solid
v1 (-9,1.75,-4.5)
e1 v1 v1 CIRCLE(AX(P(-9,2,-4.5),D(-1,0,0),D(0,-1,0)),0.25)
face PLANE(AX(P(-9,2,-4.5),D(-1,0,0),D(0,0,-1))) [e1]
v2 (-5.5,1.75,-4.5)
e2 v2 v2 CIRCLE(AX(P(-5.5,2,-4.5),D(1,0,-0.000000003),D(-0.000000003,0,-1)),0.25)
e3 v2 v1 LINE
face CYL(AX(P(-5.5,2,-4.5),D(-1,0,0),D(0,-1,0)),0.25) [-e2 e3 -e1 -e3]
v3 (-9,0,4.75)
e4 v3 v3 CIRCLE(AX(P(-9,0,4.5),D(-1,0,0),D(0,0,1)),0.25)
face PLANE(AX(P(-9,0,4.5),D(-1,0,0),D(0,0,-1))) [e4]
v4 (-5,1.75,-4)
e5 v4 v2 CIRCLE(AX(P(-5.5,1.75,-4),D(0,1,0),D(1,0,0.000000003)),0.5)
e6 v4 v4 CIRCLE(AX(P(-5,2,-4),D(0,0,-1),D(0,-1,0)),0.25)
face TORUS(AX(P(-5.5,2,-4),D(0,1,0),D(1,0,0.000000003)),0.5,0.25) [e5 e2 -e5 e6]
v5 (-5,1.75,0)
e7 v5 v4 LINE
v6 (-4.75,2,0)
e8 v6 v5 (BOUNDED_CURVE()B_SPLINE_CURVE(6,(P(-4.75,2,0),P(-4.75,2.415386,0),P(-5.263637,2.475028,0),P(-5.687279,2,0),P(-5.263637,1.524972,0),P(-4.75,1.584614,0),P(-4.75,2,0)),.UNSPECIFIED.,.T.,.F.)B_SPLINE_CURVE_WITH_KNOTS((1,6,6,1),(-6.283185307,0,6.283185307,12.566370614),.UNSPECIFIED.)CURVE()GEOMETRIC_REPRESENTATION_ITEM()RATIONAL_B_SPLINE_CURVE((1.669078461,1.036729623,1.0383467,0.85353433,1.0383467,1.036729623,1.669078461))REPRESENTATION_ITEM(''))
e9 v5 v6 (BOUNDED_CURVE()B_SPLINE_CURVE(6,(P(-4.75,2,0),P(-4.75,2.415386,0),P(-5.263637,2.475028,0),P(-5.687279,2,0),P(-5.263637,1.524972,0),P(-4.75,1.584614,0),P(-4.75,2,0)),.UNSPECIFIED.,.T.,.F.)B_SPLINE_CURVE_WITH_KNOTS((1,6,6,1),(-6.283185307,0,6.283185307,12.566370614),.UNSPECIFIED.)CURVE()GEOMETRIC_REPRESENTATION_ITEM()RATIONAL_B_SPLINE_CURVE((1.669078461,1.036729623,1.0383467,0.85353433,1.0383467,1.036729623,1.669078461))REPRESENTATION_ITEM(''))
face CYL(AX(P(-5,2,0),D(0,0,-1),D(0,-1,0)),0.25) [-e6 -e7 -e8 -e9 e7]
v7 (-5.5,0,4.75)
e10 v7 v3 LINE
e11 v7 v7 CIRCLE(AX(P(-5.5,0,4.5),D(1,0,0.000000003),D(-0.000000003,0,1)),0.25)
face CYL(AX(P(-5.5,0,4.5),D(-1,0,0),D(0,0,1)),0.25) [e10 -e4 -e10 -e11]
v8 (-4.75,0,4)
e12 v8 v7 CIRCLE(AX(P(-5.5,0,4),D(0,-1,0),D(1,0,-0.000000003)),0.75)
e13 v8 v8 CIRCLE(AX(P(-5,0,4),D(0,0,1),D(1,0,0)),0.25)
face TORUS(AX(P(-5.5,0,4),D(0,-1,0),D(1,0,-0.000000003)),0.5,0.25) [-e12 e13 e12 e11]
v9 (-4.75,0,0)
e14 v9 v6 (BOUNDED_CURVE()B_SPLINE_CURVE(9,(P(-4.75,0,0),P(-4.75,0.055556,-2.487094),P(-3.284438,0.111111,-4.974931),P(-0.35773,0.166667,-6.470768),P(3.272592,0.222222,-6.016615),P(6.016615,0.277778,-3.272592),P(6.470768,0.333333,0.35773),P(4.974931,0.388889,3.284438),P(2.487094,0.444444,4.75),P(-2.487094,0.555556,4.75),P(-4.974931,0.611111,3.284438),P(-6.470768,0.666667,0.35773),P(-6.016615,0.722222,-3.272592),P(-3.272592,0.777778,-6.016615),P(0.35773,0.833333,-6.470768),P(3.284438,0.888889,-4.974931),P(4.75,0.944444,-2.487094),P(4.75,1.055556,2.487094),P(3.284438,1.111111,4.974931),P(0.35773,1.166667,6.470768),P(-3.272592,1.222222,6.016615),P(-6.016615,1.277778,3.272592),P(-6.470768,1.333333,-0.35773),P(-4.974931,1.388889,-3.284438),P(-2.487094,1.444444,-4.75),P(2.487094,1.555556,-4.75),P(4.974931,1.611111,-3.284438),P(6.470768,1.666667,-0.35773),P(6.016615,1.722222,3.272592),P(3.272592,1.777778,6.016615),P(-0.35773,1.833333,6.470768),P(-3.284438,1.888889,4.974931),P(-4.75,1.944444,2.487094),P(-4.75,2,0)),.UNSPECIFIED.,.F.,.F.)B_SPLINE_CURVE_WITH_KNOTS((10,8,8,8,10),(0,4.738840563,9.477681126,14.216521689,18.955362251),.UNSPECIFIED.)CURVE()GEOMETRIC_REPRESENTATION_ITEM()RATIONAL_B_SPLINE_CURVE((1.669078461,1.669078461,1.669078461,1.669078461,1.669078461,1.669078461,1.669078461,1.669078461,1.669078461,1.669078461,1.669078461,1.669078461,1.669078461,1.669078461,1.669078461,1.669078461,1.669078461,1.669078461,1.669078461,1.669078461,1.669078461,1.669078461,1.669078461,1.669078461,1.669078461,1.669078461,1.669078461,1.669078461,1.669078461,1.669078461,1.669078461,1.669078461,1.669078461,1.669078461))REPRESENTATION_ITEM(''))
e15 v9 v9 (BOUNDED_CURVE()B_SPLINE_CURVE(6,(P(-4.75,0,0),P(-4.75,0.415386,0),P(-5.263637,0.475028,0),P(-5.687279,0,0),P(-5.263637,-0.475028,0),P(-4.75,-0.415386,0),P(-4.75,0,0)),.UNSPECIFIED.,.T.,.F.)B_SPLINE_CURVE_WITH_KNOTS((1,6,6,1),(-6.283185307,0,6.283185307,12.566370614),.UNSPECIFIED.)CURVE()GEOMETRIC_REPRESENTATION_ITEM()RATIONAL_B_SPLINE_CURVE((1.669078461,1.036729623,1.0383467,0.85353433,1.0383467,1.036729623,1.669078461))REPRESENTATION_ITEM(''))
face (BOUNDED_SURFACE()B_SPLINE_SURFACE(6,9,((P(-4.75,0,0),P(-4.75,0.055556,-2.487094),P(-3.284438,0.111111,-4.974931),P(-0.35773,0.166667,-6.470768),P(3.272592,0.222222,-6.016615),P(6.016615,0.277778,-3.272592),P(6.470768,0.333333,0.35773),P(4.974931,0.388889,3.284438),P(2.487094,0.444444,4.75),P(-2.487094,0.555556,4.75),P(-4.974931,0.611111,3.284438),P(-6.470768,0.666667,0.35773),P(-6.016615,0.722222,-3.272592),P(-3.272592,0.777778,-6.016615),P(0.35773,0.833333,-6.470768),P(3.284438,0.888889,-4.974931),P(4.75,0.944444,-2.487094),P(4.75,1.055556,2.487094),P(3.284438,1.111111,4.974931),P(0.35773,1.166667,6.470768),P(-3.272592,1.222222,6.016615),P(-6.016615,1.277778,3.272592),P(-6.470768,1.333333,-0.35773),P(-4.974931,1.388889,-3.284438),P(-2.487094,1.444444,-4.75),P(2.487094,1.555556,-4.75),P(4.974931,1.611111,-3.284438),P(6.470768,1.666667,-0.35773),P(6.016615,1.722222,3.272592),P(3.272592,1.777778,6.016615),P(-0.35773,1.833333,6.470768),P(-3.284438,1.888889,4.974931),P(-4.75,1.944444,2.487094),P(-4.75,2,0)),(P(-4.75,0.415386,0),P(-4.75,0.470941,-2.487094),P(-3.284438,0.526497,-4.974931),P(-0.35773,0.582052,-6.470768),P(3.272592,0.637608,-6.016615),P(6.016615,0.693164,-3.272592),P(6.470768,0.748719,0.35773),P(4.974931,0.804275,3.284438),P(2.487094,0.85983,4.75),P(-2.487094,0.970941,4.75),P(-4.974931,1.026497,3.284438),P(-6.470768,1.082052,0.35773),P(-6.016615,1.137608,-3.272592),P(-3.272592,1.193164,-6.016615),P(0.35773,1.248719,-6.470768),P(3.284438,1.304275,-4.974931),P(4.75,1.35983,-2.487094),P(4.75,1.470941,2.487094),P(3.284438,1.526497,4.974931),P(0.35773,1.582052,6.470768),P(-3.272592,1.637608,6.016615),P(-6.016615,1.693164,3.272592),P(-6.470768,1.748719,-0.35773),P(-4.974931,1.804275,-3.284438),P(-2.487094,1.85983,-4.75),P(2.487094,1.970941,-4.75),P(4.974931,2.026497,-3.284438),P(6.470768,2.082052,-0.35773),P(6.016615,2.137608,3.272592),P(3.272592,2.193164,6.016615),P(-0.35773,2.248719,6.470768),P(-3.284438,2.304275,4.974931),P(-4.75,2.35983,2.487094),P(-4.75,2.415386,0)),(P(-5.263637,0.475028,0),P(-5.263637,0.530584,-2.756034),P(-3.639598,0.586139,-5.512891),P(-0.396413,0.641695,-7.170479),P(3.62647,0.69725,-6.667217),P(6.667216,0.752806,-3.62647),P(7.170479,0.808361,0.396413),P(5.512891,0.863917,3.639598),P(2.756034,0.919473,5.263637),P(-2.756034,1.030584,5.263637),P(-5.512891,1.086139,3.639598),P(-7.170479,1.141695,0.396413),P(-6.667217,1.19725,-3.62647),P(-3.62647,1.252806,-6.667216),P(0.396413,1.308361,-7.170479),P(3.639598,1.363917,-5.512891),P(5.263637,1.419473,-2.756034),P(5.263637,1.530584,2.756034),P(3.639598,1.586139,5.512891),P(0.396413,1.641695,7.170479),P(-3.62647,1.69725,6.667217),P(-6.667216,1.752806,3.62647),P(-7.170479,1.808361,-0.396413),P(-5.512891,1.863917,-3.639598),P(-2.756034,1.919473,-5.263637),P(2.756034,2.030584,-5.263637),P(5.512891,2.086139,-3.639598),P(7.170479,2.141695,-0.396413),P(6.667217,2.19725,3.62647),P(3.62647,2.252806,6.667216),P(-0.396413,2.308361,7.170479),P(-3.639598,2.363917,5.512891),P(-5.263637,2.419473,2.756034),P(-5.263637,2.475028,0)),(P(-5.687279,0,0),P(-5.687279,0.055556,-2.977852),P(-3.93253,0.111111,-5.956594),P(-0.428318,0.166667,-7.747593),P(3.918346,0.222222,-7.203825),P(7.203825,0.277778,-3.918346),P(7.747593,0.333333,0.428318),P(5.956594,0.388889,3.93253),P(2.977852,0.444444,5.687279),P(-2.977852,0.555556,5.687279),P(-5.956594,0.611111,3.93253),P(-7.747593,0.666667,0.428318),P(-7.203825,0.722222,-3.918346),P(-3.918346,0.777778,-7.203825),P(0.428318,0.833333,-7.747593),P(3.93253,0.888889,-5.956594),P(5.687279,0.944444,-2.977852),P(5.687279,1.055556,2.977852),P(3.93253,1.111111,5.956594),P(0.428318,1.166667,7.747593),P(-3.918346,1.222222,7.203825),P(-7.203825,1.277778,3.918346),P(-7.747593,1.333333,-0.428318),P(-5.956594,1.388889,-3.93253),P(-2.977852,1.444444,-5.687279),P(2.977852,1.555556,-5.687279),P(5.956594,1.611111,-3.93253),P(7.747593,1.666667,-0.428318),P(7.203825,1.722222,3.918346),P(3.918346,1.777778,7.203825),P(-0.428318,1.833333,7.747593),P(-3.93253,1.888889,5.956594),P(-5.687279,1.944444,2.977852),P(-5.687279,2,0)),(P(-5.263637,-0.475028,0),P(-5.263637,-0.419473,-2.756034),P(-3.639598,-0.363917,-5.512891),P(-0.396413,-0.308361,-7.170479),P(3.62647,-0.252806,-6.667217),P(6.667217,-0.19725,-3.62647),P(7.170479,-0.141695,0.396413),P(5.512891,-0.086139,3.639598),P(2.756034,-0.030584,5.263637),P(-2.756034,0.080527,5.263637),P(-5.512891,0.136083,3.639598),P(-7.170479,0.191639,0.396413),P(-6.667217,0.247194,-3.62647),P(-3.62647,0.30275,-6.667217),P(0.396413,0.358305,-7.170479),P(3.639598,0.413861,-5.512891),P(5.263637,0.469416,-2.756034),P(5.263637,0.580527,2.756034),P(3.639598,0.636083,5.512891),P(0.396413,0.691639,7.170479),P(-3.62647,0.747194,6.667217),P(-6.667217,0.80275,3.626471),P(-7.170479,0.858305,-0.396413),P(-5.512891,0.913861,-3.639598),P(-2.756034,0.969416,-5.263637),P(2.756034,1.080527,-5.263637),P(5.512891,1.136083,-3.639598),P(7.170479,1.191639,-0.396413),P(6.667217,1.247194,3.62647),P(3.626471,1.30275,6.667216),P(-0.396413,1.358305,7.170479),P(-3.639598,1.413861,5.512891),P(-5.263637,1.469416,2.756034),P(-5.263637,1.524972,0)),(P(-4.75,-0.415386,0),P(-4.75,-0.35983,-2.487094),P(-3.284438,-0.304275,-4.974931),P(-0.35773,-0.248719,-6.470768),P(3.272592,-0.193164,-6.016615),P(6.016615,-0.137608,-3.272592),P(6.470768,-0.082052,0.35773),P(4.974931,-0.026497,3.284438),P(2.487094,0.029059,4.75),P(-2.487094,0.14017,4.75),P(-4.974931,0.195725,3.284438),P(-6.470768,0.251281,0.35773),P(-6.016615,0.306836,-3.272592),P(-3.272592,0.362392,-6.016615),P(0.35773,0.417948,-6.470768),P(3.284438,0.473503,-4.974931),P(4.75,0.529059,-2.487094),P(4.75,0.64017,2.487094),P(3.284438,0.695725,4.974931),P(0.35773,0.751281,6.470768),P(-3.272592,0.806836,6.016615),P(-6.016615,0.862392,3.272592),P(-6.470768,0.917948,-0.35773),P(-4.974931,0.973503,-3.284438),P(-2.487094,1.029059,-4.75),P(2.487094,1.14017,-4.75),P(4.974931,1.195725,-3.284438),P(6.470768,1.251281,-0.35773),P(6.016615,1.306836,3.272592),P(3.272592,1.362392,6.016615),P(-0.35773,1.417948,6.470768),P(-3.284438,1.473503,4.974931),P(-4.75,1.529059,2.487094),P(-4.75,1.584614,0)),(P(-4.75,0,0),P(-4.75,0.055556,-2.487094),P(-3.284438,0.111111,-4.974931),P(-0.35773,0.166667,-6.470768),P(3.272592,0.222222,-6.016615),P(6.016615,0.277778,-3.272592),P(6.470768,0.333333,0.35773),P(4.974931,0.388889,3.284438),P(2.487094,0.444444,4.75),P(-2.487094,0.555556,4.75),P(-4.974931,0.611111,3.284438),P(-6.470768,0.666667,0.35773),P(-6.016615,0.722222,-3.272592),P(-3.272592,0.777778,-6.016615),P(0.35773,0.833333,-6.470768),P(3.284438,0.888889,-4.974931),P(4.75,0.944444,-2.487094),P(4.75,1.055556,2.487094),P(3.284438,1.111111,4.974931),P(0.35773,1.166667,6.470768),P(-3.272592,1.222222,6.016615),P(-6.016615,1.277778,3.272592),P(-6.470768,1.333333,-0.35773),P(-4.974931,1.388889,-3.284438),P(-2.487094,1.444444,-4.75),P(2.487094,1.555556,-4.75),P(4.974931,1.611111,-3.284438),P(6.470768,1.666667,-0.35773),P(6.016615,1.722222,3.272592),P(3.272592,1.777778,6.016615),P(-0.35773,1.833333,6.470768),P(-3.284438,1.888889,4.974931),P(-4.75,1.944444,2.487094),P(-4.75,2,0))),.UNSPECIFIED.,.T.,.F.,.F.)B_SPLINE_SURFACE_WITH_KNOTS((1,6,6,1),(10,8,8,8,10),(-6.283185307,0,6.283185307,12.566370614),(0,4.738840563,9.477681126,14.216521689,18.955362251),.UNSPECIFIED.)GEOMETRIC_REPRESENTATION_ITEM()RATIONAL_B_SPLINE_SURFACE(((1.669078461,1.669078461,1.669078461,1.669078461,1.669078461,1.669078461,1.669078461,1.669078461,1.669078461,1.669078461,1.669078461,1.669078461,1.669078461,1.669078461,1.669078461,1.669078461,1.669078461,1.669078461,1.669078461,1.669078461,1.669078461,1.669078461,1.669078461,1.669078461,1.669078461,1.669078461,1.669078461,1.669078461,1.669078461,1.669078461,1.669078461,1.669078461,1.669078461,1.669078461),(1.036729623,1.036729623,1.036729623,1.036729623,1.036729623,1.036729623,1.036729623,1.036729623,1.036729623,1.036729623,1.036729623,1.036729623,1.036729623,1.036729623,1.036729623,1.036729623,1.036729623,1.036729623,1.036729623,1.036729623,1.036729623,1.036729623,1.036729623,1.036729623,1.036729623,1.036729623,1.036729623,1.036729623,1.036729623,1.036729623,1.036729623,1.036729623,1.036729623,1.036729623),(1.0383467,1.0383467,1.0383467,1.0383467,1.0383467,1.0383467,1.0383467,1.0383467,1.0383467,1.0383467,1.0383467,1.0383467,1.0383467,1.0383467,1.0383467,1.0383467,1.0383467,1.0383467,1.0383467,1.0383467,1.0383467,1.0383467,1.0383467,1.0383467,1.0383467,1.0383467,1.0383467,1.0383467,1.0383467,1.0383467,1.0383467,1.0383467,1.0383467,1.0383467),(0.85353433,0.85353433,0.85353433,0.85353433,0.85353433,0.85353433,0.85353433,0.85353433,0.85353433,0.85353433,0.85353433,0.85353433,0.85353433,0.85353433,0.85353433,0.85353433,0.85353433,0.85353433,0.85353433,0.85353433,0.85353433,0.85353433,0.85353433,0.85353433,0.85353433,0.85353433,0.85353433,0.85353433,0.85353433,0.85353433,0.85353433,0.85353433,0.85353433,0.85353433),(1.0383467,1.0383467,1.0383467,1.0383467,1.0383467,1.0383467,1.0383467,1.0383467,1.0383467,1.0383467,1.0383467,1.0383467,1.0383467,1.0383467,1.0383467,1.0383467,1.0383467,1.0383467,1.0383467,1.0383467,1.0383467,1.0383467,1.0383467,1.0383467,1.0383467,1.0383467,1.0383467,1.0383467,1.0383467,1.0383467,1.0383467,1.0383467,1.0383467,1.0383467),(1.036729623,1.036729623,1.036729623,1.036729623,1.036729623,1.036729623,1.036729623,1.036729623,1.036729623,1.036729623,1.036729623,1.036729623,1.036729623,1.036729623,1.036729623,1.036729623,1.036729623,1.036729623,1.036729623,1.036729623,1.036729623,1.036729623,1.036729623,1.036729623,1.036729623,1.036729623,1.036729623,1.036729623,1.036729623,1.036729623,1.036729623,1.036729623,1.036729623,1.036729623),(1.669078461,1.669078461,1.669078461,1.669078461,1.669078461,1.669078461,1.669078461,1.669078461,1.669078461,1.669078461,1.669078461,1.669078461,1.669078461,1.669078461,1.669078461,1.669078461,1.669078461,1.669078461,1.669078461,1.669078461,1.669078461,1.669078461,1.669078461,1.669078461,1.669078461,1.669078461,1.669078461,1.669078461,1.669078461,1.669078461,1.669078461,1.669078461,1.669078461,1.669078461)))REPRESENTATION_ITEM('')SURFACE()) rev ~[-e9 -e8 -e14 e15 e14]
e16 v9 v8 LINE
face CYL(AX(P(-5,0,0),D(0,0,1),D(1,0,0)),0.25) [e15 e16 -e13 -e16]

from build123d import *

# Parameters (mm, degrees)
SWEEP2_PITCH       = 0.666666667
SWEEP2_HEIGHT      = 2
SWEEP2_RADIUS      = 5
SWEEP2_START_ANGLE = -90
SCHIZZO4_R         = 0.25
SWEEP3_PROFILE_R   = 0.25
SWEEP4_PROFILE_R   = 0.25


with BuildPart() as part:
    # Sweep2: sweep along a helix
    with BuildLine() as sweep2_path:
        add(Helix(SWEEP2_PITCH, SWEEP2_HEIGHT, SWEEP2_RADIUS, center=(0, 0, 0), direction=(0, 1, 0), lefthand=True, mode=Mode.PRIVATE).rotate(Axis((0, 0, 0), (0, 1, 0)), SWEEP2_START_ANGLE))
    # Schizzo4 → Sweep2 (sweep)
    with BuildSketch(Plane.XY):
        with Locations((-5, 0)):
            Circle(SCHIZZO4_R)
    sweep(path=sweep2_path.line, is_frenet=True)

    # Sweep3: sweep along a curve in space
    with BuildLine() as sweep3_path:
        Line((-5, 2, 0), (-5, 2, -4))
        ThreePointArc((-5, 2, -4), (-5.146446609, 2, -4.353553391), (-5.5, 2, -4.5))
        Line((-5.5, 2, -4.5), (-9, 2, -4.5))
    # Sweep3 profile (on start of the path) → Sweep3 (sweep)
    with BuildSketch(Plane(origin=(-5, 2, 0), x_dir=(0, -1, 0), z_dir=(0, 0, -1))):
        Circle(SWEEP3_PROFILE_R)
    sweep(path=sweep3_path.line)

    # Sweep4: sweep along a curve in space
    with BuildLine() as sweep4_path:
        Line((-5, 0, 0), (-5, 0, 4))
        ThreePointArc((-5, 0, 4), (-5.146446609, 0, 4.353553391), (-5.5, 0, 4.5))
        Line((-5.5, 0, 4.5), (-9, 0, 4.5))
    # Sweep4 profile (on start of the path) → Sweep4 (sweep)
    with BuildSketch(Plane(origin=(-5, 0, 0), x_dir=(1, 0, 0), z_dir=(0, 0, 1))):
        Circle(SWEEP4_PROFILE_R)
    sweep(path=sweep4_path.line)


solid = part.part
